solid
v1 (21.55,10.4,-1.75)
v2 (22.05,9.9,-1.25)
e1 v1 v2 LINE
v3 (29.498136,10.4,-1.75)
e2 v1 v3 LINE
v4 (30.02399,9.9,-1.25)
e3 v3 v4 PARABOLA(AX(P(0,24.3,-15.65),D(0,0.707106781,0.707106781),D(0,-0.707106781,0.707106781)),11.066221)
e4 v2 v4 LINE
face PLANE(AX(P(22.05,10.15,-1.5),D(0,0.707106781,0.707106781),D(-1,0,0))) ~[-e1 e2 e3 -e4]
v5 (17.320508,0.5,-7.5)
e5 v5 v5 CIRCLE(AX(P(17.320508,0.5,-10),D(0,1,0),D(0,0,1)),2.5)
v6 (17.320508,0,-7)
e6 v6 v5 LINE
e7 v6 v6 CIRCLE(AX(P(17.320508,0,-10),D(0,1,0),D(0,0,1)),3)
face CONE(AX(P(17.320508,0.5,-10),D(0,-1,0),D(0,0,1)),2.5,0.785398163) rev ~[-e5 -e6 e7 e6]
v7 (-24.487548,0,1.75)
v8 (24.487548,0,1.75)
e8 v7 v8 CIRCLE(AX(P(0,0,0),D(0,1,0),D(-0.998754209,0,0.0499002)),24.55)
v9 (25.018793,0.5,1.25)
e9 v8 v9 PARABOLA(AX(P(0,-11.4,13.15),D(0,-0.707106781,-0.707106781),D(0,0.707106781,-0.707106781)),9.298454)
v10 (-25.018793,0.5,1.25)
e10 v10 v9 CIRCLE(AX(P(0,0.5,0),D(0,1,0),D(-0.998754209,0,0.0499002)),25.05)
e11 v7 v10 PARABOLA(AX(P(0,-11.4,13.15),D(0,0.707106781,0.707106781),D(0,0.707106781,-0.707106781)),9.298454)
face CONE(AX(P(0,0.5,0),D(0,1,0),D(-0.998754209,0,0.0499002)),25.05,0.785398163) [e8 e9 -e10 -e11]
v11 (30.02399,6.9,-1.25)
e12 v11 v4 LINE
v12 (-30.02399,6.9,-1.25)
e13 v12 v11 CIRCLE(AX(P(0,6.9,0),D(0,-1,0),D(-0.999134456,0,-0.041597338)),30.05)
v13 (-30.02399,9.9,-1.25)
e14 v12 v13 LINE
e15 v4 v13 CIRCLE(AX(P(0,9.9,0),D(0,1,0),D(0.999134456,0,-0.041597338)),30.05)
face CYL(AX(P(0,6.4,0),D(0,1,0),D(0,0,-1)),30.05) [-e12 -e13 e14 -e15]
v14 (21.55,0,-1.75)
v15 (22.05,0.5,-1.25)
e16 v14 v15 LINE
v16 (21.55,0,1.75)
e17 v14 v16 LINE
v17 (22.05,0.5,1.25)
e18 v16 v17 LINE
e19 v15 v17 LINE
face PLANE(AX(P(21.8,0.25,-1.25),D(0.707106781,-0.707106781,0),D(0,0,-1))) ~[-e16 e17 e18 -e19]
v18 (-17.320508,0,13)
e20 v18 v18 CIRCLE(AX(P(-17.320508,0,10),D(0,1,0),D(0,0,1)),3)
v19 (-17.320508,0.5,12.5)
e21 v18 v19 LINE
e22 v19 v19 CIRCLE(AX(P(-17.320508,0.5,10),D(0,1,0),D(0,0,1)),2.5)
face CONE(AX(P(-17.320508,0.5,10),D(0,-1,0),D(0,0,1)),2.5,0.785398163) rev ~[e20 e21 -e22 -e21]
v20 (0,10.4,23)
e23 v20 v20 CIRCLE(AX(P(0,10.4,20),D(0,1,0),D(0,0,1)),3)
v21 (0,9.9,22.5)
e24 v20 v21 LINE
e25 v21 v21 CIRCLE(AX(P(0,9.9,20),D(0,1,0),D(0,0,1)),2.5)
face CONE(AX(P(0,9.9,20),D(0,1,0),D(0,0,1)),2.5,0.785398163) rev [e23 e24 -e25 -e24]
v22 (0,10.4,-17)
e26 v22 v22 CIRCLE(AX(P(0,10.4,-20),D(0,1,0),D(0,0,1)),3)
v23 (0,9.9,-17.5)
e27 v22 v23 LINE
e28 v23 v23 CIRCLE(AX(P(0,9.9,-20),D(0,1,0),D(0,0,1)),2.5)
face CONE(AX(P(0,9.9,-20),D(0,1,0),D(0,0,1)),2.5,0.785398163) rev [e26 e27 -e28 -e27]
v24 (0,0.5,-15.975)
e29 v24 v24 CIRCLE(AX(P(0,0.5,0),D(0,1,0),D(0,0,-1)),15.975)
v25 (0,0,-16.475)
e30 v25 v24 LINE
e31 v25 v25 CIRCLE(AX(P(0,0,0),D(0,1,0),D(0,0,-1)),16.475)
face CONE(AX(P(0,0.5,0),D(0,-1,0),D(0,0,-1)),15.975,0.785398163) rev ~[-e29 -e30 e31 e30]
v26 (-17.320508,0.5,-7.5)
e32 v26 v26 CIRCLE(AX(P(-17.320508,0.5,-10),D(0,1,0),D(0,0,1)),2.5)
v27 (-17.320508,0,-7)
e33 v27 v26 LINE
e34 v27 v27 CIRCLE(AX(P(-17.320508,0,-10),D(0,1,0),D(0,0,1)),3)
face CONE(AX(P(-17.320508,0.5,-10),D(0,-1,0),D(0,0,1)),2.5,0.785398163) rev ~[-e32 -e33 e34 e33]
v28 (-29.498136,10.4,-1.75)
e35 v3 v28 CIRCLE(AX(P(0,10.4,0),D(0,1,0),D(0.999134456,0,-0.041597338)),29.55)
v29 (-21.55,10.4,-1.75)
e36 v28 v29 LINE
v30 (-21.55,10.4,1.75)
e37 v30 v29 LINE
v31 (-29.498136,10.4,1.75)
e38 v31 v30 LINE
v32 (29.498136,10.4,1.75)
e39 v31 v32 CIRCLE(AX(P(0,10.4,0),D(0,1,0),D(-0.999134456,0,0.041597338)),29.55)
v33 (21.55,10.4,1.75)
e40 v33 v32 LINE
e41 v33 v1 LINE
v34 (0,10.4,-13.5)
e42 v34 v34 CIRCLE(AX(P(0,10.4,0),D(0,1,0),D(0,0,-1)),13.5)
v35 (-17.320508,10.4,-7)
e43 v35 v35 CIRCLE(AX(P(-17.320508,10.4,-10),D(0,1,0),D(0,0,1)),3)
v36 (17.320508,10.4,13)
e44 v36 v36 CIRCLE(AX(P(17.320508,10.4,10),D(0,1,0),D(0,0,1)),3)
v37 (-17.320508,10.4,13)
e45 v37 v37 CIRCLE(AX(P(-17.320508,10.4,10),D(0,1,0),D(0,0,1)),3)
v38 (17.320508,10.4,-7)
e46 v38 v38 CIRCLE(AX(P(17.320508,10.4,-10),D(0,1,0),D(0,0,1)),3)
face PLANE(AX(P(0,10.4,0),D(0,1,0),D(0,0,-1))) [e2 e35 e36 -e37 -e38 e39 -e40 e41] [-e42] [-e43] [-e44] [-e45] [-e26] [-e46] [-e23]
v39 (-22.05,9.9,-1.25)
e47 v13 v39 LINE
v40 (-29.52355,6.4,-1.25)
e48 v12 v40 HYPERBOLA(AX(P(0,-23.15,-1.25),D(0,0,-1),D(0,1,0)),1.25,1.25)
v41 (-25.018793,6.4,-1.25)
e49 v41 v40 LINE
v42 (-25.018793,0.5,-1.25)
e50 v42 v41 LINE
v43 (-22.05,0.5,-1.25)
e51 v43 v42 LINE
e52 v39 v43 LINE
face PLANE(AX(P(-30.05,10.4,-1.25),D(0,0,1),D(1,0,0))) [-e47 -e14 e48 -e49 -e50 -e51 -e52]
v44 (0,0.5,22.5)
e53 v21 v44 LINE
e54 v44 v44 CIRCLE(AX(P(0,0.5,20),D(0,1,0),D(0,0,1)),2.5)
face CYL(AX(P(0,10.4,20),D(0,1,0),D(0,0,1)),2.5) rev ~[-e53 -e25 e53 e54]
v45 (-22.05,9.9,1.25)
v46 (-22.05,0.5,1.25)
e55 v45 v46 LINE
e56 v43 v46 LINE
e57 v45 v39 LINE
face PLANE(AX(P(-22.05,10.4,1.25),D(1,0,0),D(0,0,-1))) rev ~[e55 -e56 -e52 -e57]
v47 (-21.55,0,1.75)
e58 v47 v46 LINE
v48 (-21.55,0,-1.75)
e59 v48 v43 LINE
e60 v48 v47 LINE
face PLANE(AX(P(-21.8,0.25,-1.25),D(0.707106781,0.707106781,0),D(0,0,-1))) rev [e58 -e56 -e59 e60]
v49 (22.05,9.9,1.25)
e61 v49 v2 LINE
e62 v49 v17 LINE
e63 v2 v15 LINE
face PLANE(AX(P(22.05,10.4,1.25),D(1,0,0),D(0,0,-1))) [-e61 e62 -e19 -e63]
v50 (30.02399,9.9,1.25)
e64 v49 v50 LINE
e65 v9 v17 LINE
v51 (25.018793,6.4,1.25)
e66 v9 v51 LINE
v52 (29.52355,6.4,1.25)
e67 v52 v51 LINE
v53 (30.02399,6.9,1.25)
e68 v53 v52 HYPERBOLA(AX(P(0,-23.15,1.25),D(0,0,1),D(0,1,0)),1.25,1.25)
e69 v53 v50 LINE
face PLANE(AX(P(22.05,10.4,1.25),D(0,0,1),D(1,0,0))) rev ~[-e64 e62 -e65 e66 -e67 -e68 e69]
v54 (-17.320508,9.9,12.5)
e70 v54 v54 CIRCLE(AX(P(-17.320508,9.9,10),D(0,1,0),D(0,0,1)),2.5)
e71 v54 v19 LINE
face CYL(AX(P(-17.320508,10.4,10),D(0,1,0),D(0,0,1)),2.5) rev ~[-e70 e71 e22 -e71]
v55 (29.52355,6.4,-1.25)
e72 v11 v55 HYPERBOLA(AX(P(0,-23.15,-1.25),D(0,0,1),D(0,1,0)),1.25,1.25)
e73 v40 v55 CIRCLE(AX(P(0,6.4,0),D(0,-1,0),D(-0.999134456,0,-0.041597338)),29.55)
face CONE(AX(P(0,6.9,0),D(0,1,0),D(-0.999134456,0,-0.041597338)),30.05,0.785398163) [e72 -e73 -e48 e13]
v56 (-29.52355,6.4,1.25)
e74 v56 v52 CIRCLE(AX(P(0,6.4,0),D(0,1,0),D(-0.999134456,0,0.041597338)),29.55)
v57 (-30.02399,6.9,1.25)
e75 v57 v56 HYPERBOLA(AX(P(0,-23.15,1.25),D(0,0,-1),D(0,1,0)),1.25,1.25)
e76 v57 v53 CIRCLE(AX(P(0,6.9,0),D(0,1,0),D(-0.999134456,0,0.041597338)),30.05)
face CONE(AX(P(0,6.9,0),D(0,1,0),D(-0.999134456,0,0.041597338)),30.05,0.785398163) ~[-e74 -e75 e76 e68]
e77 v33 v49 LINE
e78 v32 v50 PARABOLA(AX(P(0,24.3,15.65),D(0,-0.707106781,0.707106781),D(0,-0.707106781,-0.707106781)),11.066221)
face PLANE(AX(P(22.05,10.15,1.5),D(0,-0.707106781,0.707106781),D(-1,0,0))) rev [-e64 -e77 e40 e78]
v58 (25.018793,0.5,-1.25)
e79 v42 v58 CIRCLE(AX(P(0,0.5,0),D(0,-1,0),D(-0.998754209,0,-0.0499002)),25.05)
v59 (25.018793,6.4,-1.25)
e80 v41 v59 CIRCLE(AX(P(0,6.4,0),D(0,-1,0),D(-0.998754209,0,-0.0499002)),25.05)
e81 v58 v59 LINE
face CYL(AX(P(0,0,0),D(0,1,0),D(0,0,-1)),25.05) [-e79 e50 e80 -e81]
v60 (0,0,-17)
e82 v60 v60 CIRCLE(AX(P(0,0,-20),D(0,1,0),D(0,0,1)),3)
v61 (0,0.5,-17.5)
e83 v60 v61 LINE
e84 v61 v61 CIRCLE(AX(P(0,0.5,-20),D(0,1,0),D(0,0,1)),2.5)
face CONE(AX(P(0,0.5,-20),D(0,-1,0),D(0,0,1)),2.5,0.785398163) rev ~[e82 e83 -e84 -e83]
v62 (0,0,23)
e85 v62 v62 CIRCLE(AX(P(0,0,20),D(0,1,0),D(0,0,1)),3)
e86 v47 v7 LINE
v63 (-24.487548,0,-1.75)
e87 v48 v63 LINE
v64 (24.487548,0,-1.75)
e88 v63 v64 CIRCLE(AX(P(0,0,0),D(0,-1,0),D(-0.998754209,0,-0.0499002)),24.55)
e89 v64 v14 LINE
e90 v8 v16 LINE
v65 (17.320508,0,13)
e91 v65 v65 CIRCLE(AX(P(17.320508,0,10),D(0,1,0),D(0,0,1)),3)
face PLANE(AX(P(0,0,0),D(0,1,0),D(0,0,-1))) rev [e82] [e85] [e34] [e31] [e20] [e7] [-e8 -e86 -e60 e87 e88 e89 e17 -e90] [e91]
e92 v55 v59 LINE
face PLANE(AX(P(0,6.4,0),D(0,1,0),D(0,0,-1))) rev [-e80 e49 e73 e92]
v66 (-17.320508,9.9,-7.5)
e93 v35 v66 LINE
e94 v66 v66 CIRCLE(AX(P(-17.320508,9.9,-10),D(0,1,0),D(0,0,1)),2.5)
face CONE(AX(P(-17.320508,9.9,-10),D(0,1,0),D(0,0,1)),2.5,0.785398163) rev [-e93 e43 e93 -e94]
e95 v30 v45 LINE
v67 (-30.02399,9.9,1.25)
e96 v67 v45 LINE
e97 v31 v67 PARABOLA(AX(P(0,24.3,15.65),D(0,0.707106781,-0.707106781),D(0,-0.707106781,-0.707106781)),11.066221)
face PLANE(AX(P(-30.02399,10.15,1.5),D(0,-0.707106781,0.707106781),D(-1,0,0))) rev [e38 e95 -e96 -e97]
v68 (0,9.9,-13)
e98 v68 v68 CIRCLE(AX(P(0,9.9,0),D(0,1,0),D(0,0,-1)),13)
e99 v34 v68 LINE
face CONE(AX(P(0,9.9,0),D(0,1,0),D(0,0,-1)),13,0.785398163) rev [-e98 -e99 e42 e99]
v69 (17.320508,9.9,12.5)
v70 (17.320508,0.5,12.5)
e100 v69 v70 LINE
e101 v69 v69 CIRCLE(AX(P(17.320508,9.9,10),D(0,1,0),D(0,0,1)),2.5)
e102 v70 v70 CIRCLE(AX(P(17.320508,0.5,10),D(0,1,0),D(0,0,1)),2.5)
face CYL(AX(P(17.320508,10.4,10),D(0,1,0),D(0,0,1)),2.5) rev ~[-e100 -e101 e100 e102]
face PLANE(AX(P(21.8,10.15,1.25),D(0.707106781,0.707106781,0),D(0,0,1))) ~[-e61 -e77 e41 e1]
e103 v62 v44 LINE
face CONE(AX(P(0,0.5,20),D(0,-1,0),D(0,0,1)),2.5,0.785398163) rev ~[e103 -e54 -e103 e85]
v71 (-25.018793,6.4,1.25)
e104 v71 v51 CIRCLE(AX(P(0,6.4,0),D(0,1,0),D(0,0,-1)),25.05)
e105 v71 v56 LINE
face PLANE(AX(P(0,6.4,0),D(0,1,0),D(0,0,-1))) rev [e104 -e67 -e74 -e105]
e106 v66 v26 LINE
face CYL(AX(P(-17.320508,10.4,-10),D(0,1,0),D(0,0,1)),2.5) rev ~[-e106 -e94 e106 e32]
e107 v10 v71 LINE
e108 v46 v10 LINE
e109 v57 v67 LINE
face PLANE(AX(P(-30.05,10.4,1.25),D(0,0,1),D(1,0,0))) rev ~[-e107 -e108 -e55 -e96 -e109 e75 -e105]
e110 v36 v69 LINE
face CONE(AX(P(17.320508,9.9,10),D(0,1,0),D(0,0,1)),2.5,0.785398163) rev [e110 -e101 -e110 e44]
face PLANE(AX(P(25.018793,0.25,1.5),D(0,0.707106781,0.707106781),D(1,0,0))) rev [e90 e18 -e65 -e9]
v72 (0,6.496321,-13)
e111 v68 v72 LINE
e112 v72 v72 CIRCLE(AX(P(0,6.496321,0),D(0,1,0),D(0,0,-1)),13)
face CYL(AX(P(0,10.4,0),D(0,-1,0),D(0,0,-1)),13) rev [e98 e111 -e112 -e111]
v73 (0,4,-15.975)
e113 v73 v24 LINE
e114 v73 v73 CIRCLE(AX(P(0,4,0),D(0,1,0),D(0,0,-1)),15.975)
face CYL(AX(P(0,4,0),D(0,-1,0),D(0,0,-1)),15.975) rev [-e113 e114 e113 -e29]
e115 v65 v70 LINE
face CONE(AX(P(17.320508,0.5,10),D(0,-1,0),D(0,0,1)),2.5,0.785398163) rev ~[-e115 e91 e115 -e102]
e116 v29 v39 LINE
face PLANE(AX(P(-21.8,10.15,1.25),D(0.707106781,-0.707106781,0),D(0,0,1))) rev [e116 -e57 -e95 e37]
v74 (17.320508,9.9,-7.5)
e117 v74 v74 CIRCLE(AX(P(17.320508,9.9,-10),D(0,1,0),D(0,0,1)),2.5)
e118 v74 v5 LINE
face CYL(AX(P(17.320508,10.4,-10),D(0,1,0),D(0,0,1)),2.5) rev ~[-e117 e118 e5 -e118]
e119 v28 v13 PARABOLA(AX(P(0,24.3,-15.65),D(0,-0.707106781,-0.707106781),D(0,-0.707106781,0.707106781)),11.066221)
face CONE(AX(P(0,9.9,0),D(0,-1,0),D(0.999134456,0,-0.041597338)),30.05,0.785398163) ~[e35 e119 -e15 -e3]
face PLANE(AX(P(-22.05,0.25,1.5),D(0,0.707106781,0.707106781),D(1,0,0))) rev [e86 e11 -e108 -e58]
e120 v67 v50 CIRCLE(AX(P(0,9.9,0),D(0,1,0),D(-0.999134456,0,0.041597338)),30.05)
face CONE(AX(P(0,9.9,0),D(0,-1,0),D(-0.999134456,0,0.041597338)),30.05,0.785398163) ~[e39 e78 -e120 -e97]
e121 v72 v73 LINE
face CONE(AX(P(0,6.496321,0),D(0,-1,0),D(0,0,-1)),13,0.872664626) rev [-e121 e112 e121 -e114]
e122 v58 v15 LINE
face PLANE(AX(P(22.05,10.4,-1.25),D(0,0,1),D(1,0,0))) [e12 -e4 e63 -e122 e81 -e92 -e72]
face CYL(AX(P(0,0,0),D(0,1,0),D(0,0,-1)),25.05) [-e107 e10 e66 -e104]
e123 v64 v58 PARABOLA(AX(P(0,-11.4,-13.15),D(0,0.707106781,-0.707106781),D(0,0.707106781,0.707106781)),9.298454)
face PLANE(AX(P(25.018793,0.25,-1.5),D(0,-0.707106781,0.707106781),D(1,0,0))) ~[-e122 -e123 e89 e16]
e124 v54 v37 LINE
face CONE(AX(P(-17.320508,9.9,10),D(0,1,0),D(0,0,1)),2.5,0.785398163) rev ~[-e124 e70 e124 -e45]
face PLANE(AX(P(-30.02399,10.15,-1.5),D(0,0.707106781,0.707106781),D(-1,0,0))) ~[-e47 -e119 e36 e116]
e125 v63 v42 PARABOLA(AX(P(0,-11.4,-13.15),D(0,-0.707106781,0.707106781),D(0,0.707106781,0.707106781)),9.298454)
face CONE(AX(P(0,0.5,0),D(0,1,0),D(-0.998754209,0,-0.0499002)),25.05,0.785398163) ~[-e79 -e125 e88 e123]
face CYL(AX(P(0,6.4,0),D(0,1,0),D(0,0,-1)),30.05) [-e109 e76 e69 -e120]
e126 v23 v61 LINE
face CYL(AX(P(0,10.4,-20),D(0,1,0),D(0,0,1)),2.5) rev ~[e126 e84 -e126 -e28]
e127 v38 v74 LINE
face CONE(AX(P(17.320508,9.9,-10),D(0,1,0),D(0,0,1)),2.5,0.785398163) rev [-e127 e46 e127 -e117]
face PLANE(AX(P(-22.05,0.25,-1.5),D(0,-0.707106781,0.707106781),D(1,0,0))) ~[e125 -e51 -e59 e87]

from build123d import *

# Parameters (mm, degrees)
SKETCH2_R               = 2.5
CUT_EXTRUDE1_DEPTH      = 44.751171413
SKETCH3_W               = 8
SKETCH3_H               = 2.5
CUT_EXTRUDE_THIN1_DEPTH = 44.751171413
CHAMFER1_SIZE           = 0.5


with BuildPart() as part:
    # Sketch1 → Revolve1 (revolve)
    with BuildSketch(Plane.XY, mode=Mode.PRIVATE) as revolve1_sk:
        Polygon((-15.975, 0), (-25.05, 0), (-25.05, 6.4), (-30.05, 6.4), (-30.05, 10.4), (-13, 10.4), (-13, 6.496321403), (-15.975, 4), align=None)
    revolve(revolve1_sk.sketch.rotate(Axis((0, 0, 0), (0, 1, 0)), 270), axis=Axis((0, 0, 0), (0, 1, 0)))

    # Sketch2 → Cut-Extrude1 (cut, through all)
    with BuildSketch(Plane(origin=(0, 10.4, 0), x_dir=(1, 0, 0), z_dir=(0, 1, 0))):
        with Locations(Location((0, 20, 0), (0, 0, 270))):
            Circle(SKETCH2_R)
        with Locations(Location((17.320508076, 10, 0), (0, 0, 270))):
            Circle(SKETCH2_R)
        with Locations(Location((17.320508076, -10, 0), (0, 0, 270))):
            Circle(SKETCH2_R)
        with Locations(Location((0, -20, 0), (0, 0, 270))):
            Circle(SKETCH2_R)
        with Locations(Location((-17.320508076, -10, 0), (0, 0, 270))):
            Circle(SKETCH2_R)
        with Locations(Location((-17.320508076, 10, 0), (0, 0, 270))):
            Circle(SKETCH2_R)
    extrude(amount=-CUT_EXTRUDE1_DEPTH, mode=Mode.SUBTRACT)

    # Sketch3 → Cut-Extrude-Thin1 (cut, through all)
    with BuildSketch(Plane(origin=(0, 10.4, 0), x_dir=(1, 0, 0), z_dir=(0, 1, 0))):
        with Locations((-26.05, 0)):
            Rectangle(SKETCH3_W, SKETCH3_H)
        with Locations((26.05, 0)):
            Rectangle(SKETCH3_W, SKETCH3_H)
    extrude(amount=-CUT_EXTRUDE_THIN1_DEPTH, mode=Mode.SUBTRACT)

    # Chamfer1
    chamfer1_edges = [part.edges().sort_by_distance(p)[0] for p in [
        (0, 0, 15.975),
        (0, 0, -22.5),
        (0, 10.4, -22.5),
        (-17.320508076, 0, -12.5),
        (-17.320508076, 10.4, -12.5),
        (-17.320508076, 0, 7.5),
        (-17.320508076, 10.4, 7.5),
        (0, 0, 17.5),
        (0, 10.4, 17.5),
        (17.320508076, 0, 7.5),
        (17.320508076, 10.4, 7.5),
        (17.320508076, 0, -12.5),
        (17.320508076, 10.4, -12.5),
        (0, 10.4, 30.05),
        (0, 10.4, -30.05),
        (26.036995204, 10.4, 1.25),
        (26.036995204, 10.4, -1.25),
        (-26.036995204, 10.4, -1.25),
        (-26.036995204, 10.4, 1.25),
        (0, 6.4, 30.05),
        (0, 6.4, -30.05),
        (0, 0, 25.05),
        (0, 0, -25.05),
        (-23.534396468, 0, -1.25),
        (-22.05, 0, 0),
        (-23.534396468, 0, 1.25),
        (-22.05, 10.4, 0),
        (0, 10.4, 13),
        (23.534396468, 0, 1.25),
        (22.05, 0, 0),
        (23.534396468, 0, -1.25),
        (22.05, 10.4, 0),
    ]]
    chamfer(chamfer1_edges, length=CHAMFER1_SIZE)


solid = part.part
